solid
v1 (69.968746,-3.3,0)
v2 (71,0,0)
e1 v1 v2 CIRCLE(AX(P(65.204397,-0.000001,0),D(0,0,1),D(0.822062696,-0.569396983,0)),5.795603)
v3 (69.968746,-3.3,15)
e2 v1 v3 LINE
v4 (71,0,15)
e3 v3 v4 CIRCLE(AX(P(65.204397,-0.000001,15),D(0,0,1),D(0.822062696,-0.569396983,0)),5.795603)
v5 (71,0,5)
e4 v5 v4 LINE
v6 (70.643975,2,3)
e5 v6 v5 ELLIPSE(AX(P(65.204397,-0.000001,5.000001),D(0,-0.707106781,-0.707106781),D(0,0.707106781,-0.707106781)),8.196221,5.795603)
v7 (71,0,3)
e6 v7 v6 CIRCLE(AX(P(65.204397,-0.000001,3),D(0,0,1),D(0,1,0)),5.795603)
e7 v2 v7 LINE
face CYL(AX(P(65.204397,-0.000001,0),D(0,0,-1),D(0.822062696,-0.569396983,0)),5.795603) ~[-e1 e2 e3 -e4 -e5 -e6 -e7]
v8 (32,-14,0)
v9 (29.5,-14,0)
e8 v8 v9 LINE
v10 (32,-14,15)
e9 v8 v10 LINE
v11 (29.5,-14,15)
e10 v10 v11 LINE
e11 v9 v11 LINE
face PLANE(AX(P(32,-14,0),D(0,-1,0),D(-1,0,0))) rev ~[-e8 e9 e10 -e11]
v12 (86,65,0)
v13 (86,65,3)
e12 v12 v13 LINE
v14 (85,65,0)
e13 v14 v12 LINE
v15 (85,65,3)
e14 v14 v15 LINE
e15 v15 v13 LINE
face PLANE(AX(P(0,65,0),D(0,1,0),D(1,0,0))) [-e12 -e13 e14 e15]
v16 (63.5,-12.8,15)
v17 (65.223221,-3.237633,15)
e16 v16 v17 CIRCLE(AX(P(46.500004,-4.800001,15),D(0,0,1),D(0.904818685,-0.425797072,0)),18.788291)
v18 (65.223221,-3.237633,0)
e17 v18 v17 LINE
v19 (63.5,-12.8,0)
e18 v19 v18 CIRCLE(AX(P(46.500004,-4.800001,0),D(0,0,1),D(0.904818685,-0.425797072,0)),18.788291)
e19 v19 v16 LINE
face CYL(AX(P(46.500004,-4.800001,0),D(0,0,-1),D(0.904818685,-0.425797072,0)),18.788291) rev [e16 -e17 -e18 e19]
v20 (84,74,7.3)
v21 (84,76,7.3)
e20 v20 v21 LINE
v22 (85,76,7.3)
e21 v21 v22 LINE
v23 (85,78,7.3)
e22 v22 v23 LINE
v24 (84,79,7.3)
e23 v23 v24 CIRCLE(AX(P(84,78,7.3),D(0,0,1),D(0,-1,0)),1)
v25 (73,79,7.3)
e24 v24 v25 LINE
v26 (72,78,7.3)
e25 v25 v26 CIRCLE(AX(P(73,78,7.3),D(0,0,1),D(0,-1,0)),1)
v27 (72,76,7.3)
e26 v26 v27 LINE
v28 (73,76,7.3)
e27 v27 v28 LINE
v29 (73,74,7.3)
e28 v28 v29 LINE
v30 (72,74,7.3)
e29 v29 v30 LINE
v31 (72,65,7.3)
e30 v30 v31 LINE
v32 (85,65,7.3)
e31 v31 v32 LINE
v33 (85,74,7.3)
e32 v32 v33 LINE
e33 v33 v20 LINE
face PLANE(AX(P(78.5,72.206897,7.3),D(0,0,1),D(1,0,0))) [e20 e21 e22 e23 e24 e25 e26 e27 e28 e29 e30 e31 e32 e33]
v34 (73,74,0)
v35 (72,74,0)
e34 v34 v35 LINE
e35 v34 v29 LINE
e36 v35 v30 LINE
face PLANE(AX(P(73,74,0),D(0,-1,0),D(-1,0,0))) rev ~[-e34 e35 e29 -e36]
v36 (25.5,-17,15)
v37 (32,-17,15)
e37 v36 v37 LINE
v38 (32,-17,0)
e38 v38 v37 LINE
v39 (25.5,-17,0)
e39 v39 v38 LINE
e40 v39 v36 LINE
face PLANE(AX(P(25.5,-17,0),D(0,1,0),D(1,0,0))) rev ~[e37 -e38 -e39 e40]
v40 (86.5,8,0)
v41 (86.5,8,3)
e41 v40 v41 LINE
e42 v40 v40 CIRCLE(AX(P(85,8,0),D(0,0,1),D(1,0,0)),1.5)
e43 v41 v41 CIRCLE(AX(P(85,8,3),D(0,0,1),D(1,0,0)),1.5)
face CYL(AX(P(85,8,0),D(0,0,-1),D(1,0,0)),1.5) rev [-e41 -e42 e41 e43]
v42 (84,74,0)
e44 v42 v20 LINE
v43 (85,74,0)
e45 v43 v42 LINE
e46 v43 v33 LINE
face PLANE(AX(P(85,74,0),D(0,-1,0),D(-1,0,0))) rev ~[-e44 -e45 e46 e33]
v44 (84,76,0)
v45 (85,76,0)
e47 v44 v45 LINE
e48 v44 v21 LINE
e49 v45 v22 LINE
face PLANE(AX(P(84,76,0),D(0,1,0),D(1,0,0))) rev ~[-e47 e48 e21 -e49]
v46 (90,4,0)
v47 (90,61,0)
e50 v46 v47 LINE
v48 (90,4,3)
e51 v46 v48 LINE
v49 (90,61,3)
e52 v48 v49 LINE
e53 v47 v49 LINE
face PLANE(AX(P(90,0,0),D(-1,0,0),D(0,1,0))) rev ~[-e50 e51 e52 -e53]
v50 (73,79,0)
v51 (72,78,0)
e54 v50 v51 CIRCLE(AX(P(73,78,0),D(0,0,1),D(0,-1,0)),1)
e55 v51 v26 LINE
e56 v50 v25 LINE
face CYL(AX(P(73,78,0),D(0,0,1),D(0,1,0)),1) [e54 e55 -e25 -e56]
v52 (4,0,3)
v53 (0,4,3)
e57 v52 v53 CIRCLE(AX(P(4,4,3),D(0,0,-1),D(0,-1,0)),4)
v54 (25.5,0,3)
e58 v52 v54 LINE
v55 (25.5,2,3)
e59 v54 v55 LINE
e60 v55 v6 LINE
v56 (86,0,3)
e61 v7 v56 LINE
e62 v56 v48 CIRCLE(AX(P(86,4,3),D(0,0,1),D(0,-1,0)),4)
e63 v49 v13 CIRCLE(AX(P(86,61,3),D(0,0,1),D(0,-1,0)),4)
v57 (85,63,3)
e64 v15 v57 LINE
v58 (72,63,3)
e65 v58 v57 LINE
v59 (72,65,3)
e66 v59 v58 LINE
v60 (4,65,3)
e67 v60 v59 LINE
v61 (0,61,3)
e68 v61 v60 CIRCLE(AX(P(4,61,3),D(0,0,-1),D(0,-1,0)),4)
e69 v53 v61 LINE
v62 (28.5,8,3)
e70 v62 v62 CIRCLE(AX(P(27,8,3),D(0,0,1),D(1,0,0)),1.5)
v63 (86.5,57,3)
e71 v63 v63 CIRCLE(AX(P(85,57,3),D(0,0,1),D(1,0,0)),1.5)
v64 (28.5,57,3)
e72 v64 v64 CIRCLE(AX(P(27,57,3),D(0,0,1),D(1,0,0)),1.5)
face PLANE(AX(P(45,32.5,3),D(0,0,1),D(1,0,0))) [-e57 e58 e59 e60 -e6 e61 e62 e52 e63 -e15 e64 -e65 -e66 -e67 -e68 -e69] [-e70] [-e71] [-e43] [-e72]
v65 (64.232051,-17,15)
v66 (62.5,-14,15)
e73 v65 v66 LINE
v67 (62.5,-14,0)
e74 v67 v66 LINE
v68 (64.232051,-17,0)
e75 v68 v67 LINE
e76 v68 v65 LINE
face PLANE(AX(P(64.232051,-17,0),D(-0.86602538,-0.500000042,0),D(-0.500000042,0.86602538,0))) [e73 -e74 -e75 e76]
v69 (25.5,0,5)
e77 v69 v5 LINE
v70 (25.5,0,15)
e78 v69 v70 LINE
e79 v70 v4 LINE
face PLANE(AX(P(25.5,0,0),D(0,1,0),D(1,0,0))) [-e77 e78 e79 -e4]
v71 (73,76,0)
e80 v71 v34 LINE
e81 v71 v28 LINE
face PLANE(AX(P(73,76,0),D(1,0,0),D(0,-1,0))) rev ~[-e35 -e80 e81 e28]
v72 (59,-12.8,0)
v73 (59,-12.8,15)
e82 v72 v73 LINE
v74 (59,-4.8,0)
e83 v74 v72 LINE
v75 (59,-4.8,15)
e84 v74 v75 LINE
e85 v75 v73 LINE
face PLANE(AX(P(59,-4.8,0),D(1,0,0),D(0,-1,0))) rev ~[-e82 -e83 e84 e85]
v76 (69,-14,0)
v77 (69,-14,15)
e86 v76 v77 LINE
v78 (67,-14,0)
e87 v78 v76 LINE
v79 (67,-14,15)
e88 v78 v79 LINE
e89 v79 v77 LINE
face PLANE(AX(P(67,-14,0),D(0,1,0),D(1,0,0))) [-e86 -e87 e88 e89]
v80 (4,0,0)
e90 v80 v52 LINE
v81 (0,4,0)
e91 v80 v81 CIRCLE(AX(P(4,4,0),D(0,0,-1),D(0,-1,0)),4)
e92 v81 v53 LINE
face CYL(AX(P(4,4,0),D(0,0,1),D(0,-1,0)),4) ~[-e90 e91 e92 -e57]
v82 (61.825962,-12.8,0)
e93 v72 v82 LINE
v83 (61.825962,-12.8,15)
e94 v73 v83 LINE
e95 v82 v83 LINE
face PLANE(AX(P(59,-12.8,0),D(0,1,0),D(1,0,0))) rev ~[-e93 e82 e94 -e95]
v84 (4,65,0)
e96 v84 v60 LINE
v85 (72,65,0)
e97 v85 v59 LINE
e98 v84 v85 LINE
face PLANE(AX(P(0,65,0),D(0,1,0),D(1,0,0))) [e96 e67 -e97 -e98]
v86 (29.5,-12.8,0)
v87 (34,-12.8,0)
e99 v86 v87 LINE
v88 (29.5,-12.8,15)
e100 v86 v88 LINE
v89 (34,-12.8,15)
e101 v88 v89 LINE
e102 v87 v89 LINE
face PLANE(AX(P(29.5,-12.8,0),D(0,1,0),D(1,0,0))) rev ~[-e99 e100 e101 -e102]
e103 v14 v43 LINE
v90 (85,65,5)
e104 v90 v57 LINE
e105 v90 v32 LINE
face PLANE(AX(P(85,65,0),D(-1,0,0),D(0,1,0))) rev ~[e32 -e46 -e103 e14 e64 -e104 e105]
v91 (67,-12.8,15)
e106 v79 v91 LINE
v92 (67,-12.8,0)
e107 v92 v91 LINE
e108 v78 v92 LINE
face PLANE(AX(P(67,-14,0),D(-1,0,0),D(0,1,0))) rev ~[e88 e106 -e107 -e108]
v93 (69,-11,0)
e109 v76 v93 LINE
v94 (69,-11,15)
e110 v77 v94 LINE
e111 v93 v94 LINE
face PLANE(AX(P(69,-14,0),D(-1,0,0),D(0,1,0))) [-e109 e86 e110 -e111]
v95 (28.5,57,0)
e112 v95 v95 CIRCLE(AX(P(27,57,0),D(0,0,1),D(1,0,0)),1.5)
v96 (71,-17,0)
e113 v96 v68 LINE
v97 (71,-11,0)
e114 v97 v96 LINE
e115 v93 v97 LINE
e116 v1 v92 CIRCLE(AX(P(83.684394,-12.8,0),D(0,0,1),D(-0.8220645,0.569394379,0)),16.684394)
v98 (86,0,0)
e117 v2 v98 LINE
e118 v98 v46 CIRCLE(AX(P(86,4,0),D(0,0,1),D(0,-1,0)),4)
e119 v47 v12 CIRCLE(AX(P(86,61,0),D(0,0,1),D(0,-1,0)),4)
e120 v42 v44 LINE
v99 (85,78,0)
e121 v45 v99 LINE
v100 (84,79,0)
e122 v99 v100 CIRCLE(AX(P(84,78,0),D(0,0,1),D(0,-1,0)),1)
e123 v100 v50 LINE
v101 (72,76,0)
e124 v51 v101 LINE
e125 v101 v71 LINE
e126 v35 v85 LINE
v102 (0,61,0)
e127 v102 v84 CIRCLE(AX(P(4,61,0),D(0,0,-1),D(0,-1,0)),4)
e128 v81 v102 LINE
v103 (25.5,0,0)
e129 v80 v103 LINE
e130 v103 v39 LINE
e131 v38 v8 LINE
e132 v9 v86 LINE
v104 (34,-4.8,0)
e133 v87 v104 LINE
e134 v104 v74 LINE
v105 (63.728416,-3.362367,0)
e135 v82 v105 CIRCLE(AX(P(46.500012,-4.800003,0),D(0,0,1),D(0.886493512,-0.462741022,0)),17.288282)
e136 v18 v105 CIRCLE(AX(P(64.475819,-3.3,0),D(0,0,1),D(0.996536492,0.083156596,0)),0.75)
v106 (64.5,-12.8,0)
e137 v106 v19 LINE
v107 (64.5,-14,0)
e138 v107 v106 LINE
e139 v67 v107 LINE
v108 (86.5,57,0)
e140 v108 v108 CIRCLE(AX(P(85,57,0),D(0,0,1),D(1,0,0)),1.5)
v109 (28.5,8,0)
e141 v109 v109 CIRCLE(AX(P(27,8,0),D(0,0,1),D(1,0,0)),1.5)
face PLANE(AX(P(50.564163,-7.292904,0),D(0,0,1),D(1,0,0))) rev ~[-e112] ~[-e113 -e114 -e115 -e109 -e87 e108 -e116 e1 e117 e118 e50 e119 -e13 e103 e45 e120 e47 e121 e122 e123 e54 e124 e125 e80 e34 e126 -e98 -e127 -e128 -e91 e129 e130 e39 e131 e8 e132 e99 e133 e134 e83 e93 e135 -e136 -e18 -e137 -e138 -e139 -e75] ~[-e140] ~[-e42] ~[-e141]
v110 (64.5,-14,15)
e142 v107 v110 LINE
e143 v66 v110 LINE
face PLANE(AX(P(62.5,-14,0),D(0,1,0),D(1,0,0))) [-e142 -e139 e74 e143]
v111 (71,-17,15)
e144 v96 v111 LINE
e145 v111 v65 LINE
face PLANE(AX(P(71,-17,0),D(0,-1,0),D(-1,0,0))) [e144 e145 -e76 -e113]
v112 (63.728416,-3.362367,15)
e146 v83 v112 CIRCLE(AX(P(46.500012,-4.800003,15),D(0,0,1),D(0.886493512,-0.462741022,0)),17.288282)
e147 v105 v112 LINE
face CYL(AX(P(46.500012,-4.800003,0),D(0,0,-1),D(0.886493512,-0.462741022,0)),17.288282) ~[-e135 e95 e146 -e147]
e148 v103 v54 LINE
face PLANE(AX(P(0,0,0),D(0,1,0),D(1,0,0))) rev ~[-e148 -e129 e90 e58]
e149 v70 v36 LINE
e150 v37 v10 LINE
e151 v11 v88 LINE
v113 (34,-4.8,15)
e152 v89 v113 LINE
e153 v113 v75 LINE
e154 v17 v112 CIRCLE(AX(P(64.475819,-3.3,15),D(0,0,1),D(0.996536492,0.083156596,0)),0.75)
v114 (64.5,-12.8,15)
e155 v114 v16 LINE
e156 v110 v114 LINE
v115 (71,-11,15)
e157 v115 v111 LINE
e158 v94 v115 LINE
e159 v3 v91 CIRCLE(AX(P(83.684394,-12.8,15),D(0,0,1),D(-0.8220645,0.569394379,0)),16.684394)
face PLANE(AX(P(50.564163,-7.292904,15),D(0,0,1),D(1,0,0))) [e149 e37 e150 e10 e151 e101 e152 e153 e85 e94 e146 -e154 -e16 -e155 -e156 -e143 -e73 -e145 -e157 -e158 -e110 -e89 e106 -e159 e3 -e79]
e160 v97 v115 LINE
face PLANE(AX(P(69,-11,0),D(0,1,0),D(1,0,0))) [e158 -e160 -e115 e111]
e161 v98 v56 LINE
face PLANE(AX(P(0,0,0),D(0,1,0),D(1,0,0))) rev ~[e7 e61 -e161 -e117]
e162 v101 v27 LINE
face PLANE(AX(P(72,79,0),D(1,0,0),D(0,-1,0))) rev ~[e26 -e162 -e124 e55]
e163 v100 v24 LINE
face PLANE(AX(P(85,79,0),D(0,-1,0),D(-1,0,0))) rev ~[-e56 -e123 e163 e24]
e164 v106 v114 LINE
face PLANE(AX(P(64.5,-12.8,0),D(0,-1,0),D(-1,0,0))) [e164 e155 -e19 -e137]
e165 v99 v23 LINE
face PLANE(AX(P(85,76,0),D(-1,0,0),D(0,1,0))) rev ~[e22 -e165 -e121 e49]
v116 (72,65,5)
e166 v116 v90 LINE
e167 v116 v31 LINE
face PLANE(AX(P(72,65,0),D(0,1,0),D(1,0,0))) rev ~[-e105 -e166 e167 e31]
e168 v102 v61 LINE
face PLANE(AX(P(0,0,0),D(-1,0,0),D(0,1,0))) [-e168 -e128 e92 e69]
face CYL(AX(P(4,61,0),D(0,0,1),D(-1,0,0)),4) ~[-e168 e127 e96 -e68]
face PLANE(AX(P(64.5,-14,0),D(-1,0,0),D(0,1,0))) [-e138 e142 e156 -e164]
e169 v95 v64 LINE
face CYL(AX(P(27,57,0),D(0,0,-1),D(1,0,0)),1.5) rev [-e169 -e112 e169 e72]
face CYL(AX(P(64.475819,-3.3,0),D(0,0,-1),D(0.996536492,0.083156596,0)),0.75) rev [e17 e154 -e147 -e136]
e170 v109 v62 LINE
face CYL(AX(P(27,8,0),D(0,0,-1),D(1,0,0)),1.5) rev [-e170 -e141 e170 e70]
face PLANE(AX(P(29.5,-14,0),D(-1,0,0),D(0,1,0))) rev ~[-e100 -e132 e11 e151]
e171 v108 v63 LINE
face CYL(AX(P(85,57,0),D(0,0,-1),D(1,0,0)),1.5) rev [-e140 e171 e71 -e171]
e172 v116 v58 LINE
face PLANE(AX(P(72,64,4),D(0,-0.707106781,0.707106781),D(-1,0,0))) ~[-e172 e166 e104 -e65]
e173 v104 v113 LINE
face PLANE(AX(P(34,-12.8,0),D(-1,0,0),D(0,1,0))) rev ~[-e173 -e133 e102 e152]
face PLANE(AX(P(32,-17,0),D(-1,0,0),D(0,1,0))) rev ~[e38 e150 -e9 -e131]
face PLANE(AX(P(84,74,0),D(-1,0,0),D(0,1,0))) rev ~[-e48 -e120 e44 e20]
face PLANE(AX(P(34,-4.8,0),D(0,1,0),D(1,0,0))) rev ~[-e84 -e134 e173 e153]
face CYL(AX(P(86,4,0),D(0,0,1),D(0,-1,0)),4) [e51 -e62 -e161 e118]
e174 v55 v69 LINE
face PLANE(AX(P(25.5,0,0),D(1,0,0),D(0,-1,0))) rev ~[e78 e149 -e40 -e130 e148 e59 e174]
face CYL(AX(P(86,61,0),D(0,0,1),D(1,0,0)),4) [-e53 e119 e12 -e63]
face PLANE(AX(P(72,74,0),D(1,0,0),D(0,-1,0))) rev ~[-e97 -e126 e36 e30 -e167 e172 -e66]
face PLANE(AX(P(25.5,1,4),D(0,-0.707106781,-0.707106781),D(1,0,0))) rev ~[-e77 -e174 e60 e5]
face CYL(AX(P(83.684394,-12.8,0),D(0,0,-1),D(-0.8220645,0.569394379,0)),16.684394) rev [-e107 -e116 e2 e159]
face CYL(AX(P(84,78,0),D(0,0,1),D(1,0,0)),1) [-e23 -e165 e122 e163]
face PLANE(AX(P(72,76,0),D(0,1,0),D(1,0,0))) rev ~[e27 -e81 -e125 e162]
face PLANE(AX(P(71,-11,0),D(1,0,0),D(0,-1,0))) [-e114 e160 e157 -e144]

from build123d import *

# Parameters (mm, degrees)
SKETCH_W     = 90
SKETCH_H     = 65
SKETCH_R     = 1.5
PAD_DEPTH    = 3
PAD001_DEPTH = 7.3
PAD002_DEPTH = 15
FILLET_R     = 4
FILLET002_R  = 1
CHAMFER_SIZE = 2


with BuildPart() as part:
    # Sketch → Pad (new body)
    with BuildSketch(Plane.XY):
        with Locations((45, 32.5)):
            Rectangle(SKETCH_W, SKETCH_H)
        with Locations((27, 57)):
            Circle(SKETCH_R, mode=Mode.SUBTRACT)
        with Locations((85, 57)):
            Circle(SKETCH_R, mode=Mode.SUBTRACT)
        with Locations((85, 8)):
            Circle(SKETCH_R, mode=Mode.SUBTRACT)
        with Locations((27, 8)):
            Circle(SKETCH_R, mode=Mode.SUBTRACT)
    extrude(amount=PAD_DEPTH)

    # Sketch002 → Pad001 (join)
    with BuildSketch(Plane.XY):
        Polygon((85, 65), (85, 74), (84, 74), (84, 76), (85, 76), (85, 79), (72, 79), (72, 76), (73, 76), (73, 74), (72, 74), (72, 65), align=None)
    extrude(amount=PAD001_DEPTH)

    # Sketch003 → Pad002 (join)
    with BuildSketch(Plane.XY):
        with BuildLine():
            Line((25.5, 0), (25.5, -17))
            Line((25.5, -17), (32, -17))
            Line((32, -17), (32, -14))
            Line((32, -14), (29.5, -14))
            Line((29.5, -14), (29.5, -12.8))
            Line((29.5, -12.8), (34, -12.8))
            Line((34, -12.8), (34, -4.8))
            Line((34, -4.8), (59, -4.8))
            Line((59, -4.8), (59, -12.8))
            Line((59, -12.8), (61.825962, -12.8))
            ThreePointArc((61.825962, -12.8), (63.447393, -8.216284), (63.728416, -3.362367))
            ThreePointArc((65.223221, -3.237633), (64.413451, -2.552598), (63.728416, -3.362367))
            ThreePointArc((63.5, -12.8), (64.990453, -8.132139), (65.223221, -3.237633))
            Line((64.5, -12.8), (63.5, -12.8))
            Line((64.5, -14), (64.5, -12.8))
            Line((62.5, -14), (64.5, -14))
            Line((64.232051, -17), (62.5, -14))
            Line((71, -17), (64.232051, -17))
            Line((71, -11), (71, -17))
            Line((69, -11), (71, -11))
            Line((69, -14), (69, -11))
            Line((67, -14), (69, -14))
            Line((67, -14), (67, -12.8))
            ThreePointArc((69.968746, -3.3), (67.759472, -7.823469), (67, -12.8))
            ThreePointArc((69.968746, -3.3), (70.736182, -1.728691), (71, 0))
            Line((25.5, 0), (71, 0))
        make_face()
    extrude(amount=PAD002_DEPTH)

    # Fillet
    fillet_edges = [part.edges().sort_by_distance(p)[0] for p in [
        (90, 0, 1.5),
        (90, 65, 1.5),
        (0, 65, 1.5),
        (0, 0, 1.5),
    ]]
    fillet(fillet_edges, radius=FILLET_R)

    # Fillet002
    fillet002_edges = [part.edges().sort_by_distance(p)[0] for p in [
        (85, 79, 3.65),
        (72, 79, 3.65),
    ]]
    fillet(fillet002_edges, radius=FILLET002_R)

    # Chamfer
    chamfer_edges = [part.edges().sort_by_distance(p)[0] for p in [
        (78.5, 65, 3),
        (48.25, 0, 3),
    ]]
    chamfer(chamfer_edges, length=CHAMFER_SIZE)


solid = part.part
